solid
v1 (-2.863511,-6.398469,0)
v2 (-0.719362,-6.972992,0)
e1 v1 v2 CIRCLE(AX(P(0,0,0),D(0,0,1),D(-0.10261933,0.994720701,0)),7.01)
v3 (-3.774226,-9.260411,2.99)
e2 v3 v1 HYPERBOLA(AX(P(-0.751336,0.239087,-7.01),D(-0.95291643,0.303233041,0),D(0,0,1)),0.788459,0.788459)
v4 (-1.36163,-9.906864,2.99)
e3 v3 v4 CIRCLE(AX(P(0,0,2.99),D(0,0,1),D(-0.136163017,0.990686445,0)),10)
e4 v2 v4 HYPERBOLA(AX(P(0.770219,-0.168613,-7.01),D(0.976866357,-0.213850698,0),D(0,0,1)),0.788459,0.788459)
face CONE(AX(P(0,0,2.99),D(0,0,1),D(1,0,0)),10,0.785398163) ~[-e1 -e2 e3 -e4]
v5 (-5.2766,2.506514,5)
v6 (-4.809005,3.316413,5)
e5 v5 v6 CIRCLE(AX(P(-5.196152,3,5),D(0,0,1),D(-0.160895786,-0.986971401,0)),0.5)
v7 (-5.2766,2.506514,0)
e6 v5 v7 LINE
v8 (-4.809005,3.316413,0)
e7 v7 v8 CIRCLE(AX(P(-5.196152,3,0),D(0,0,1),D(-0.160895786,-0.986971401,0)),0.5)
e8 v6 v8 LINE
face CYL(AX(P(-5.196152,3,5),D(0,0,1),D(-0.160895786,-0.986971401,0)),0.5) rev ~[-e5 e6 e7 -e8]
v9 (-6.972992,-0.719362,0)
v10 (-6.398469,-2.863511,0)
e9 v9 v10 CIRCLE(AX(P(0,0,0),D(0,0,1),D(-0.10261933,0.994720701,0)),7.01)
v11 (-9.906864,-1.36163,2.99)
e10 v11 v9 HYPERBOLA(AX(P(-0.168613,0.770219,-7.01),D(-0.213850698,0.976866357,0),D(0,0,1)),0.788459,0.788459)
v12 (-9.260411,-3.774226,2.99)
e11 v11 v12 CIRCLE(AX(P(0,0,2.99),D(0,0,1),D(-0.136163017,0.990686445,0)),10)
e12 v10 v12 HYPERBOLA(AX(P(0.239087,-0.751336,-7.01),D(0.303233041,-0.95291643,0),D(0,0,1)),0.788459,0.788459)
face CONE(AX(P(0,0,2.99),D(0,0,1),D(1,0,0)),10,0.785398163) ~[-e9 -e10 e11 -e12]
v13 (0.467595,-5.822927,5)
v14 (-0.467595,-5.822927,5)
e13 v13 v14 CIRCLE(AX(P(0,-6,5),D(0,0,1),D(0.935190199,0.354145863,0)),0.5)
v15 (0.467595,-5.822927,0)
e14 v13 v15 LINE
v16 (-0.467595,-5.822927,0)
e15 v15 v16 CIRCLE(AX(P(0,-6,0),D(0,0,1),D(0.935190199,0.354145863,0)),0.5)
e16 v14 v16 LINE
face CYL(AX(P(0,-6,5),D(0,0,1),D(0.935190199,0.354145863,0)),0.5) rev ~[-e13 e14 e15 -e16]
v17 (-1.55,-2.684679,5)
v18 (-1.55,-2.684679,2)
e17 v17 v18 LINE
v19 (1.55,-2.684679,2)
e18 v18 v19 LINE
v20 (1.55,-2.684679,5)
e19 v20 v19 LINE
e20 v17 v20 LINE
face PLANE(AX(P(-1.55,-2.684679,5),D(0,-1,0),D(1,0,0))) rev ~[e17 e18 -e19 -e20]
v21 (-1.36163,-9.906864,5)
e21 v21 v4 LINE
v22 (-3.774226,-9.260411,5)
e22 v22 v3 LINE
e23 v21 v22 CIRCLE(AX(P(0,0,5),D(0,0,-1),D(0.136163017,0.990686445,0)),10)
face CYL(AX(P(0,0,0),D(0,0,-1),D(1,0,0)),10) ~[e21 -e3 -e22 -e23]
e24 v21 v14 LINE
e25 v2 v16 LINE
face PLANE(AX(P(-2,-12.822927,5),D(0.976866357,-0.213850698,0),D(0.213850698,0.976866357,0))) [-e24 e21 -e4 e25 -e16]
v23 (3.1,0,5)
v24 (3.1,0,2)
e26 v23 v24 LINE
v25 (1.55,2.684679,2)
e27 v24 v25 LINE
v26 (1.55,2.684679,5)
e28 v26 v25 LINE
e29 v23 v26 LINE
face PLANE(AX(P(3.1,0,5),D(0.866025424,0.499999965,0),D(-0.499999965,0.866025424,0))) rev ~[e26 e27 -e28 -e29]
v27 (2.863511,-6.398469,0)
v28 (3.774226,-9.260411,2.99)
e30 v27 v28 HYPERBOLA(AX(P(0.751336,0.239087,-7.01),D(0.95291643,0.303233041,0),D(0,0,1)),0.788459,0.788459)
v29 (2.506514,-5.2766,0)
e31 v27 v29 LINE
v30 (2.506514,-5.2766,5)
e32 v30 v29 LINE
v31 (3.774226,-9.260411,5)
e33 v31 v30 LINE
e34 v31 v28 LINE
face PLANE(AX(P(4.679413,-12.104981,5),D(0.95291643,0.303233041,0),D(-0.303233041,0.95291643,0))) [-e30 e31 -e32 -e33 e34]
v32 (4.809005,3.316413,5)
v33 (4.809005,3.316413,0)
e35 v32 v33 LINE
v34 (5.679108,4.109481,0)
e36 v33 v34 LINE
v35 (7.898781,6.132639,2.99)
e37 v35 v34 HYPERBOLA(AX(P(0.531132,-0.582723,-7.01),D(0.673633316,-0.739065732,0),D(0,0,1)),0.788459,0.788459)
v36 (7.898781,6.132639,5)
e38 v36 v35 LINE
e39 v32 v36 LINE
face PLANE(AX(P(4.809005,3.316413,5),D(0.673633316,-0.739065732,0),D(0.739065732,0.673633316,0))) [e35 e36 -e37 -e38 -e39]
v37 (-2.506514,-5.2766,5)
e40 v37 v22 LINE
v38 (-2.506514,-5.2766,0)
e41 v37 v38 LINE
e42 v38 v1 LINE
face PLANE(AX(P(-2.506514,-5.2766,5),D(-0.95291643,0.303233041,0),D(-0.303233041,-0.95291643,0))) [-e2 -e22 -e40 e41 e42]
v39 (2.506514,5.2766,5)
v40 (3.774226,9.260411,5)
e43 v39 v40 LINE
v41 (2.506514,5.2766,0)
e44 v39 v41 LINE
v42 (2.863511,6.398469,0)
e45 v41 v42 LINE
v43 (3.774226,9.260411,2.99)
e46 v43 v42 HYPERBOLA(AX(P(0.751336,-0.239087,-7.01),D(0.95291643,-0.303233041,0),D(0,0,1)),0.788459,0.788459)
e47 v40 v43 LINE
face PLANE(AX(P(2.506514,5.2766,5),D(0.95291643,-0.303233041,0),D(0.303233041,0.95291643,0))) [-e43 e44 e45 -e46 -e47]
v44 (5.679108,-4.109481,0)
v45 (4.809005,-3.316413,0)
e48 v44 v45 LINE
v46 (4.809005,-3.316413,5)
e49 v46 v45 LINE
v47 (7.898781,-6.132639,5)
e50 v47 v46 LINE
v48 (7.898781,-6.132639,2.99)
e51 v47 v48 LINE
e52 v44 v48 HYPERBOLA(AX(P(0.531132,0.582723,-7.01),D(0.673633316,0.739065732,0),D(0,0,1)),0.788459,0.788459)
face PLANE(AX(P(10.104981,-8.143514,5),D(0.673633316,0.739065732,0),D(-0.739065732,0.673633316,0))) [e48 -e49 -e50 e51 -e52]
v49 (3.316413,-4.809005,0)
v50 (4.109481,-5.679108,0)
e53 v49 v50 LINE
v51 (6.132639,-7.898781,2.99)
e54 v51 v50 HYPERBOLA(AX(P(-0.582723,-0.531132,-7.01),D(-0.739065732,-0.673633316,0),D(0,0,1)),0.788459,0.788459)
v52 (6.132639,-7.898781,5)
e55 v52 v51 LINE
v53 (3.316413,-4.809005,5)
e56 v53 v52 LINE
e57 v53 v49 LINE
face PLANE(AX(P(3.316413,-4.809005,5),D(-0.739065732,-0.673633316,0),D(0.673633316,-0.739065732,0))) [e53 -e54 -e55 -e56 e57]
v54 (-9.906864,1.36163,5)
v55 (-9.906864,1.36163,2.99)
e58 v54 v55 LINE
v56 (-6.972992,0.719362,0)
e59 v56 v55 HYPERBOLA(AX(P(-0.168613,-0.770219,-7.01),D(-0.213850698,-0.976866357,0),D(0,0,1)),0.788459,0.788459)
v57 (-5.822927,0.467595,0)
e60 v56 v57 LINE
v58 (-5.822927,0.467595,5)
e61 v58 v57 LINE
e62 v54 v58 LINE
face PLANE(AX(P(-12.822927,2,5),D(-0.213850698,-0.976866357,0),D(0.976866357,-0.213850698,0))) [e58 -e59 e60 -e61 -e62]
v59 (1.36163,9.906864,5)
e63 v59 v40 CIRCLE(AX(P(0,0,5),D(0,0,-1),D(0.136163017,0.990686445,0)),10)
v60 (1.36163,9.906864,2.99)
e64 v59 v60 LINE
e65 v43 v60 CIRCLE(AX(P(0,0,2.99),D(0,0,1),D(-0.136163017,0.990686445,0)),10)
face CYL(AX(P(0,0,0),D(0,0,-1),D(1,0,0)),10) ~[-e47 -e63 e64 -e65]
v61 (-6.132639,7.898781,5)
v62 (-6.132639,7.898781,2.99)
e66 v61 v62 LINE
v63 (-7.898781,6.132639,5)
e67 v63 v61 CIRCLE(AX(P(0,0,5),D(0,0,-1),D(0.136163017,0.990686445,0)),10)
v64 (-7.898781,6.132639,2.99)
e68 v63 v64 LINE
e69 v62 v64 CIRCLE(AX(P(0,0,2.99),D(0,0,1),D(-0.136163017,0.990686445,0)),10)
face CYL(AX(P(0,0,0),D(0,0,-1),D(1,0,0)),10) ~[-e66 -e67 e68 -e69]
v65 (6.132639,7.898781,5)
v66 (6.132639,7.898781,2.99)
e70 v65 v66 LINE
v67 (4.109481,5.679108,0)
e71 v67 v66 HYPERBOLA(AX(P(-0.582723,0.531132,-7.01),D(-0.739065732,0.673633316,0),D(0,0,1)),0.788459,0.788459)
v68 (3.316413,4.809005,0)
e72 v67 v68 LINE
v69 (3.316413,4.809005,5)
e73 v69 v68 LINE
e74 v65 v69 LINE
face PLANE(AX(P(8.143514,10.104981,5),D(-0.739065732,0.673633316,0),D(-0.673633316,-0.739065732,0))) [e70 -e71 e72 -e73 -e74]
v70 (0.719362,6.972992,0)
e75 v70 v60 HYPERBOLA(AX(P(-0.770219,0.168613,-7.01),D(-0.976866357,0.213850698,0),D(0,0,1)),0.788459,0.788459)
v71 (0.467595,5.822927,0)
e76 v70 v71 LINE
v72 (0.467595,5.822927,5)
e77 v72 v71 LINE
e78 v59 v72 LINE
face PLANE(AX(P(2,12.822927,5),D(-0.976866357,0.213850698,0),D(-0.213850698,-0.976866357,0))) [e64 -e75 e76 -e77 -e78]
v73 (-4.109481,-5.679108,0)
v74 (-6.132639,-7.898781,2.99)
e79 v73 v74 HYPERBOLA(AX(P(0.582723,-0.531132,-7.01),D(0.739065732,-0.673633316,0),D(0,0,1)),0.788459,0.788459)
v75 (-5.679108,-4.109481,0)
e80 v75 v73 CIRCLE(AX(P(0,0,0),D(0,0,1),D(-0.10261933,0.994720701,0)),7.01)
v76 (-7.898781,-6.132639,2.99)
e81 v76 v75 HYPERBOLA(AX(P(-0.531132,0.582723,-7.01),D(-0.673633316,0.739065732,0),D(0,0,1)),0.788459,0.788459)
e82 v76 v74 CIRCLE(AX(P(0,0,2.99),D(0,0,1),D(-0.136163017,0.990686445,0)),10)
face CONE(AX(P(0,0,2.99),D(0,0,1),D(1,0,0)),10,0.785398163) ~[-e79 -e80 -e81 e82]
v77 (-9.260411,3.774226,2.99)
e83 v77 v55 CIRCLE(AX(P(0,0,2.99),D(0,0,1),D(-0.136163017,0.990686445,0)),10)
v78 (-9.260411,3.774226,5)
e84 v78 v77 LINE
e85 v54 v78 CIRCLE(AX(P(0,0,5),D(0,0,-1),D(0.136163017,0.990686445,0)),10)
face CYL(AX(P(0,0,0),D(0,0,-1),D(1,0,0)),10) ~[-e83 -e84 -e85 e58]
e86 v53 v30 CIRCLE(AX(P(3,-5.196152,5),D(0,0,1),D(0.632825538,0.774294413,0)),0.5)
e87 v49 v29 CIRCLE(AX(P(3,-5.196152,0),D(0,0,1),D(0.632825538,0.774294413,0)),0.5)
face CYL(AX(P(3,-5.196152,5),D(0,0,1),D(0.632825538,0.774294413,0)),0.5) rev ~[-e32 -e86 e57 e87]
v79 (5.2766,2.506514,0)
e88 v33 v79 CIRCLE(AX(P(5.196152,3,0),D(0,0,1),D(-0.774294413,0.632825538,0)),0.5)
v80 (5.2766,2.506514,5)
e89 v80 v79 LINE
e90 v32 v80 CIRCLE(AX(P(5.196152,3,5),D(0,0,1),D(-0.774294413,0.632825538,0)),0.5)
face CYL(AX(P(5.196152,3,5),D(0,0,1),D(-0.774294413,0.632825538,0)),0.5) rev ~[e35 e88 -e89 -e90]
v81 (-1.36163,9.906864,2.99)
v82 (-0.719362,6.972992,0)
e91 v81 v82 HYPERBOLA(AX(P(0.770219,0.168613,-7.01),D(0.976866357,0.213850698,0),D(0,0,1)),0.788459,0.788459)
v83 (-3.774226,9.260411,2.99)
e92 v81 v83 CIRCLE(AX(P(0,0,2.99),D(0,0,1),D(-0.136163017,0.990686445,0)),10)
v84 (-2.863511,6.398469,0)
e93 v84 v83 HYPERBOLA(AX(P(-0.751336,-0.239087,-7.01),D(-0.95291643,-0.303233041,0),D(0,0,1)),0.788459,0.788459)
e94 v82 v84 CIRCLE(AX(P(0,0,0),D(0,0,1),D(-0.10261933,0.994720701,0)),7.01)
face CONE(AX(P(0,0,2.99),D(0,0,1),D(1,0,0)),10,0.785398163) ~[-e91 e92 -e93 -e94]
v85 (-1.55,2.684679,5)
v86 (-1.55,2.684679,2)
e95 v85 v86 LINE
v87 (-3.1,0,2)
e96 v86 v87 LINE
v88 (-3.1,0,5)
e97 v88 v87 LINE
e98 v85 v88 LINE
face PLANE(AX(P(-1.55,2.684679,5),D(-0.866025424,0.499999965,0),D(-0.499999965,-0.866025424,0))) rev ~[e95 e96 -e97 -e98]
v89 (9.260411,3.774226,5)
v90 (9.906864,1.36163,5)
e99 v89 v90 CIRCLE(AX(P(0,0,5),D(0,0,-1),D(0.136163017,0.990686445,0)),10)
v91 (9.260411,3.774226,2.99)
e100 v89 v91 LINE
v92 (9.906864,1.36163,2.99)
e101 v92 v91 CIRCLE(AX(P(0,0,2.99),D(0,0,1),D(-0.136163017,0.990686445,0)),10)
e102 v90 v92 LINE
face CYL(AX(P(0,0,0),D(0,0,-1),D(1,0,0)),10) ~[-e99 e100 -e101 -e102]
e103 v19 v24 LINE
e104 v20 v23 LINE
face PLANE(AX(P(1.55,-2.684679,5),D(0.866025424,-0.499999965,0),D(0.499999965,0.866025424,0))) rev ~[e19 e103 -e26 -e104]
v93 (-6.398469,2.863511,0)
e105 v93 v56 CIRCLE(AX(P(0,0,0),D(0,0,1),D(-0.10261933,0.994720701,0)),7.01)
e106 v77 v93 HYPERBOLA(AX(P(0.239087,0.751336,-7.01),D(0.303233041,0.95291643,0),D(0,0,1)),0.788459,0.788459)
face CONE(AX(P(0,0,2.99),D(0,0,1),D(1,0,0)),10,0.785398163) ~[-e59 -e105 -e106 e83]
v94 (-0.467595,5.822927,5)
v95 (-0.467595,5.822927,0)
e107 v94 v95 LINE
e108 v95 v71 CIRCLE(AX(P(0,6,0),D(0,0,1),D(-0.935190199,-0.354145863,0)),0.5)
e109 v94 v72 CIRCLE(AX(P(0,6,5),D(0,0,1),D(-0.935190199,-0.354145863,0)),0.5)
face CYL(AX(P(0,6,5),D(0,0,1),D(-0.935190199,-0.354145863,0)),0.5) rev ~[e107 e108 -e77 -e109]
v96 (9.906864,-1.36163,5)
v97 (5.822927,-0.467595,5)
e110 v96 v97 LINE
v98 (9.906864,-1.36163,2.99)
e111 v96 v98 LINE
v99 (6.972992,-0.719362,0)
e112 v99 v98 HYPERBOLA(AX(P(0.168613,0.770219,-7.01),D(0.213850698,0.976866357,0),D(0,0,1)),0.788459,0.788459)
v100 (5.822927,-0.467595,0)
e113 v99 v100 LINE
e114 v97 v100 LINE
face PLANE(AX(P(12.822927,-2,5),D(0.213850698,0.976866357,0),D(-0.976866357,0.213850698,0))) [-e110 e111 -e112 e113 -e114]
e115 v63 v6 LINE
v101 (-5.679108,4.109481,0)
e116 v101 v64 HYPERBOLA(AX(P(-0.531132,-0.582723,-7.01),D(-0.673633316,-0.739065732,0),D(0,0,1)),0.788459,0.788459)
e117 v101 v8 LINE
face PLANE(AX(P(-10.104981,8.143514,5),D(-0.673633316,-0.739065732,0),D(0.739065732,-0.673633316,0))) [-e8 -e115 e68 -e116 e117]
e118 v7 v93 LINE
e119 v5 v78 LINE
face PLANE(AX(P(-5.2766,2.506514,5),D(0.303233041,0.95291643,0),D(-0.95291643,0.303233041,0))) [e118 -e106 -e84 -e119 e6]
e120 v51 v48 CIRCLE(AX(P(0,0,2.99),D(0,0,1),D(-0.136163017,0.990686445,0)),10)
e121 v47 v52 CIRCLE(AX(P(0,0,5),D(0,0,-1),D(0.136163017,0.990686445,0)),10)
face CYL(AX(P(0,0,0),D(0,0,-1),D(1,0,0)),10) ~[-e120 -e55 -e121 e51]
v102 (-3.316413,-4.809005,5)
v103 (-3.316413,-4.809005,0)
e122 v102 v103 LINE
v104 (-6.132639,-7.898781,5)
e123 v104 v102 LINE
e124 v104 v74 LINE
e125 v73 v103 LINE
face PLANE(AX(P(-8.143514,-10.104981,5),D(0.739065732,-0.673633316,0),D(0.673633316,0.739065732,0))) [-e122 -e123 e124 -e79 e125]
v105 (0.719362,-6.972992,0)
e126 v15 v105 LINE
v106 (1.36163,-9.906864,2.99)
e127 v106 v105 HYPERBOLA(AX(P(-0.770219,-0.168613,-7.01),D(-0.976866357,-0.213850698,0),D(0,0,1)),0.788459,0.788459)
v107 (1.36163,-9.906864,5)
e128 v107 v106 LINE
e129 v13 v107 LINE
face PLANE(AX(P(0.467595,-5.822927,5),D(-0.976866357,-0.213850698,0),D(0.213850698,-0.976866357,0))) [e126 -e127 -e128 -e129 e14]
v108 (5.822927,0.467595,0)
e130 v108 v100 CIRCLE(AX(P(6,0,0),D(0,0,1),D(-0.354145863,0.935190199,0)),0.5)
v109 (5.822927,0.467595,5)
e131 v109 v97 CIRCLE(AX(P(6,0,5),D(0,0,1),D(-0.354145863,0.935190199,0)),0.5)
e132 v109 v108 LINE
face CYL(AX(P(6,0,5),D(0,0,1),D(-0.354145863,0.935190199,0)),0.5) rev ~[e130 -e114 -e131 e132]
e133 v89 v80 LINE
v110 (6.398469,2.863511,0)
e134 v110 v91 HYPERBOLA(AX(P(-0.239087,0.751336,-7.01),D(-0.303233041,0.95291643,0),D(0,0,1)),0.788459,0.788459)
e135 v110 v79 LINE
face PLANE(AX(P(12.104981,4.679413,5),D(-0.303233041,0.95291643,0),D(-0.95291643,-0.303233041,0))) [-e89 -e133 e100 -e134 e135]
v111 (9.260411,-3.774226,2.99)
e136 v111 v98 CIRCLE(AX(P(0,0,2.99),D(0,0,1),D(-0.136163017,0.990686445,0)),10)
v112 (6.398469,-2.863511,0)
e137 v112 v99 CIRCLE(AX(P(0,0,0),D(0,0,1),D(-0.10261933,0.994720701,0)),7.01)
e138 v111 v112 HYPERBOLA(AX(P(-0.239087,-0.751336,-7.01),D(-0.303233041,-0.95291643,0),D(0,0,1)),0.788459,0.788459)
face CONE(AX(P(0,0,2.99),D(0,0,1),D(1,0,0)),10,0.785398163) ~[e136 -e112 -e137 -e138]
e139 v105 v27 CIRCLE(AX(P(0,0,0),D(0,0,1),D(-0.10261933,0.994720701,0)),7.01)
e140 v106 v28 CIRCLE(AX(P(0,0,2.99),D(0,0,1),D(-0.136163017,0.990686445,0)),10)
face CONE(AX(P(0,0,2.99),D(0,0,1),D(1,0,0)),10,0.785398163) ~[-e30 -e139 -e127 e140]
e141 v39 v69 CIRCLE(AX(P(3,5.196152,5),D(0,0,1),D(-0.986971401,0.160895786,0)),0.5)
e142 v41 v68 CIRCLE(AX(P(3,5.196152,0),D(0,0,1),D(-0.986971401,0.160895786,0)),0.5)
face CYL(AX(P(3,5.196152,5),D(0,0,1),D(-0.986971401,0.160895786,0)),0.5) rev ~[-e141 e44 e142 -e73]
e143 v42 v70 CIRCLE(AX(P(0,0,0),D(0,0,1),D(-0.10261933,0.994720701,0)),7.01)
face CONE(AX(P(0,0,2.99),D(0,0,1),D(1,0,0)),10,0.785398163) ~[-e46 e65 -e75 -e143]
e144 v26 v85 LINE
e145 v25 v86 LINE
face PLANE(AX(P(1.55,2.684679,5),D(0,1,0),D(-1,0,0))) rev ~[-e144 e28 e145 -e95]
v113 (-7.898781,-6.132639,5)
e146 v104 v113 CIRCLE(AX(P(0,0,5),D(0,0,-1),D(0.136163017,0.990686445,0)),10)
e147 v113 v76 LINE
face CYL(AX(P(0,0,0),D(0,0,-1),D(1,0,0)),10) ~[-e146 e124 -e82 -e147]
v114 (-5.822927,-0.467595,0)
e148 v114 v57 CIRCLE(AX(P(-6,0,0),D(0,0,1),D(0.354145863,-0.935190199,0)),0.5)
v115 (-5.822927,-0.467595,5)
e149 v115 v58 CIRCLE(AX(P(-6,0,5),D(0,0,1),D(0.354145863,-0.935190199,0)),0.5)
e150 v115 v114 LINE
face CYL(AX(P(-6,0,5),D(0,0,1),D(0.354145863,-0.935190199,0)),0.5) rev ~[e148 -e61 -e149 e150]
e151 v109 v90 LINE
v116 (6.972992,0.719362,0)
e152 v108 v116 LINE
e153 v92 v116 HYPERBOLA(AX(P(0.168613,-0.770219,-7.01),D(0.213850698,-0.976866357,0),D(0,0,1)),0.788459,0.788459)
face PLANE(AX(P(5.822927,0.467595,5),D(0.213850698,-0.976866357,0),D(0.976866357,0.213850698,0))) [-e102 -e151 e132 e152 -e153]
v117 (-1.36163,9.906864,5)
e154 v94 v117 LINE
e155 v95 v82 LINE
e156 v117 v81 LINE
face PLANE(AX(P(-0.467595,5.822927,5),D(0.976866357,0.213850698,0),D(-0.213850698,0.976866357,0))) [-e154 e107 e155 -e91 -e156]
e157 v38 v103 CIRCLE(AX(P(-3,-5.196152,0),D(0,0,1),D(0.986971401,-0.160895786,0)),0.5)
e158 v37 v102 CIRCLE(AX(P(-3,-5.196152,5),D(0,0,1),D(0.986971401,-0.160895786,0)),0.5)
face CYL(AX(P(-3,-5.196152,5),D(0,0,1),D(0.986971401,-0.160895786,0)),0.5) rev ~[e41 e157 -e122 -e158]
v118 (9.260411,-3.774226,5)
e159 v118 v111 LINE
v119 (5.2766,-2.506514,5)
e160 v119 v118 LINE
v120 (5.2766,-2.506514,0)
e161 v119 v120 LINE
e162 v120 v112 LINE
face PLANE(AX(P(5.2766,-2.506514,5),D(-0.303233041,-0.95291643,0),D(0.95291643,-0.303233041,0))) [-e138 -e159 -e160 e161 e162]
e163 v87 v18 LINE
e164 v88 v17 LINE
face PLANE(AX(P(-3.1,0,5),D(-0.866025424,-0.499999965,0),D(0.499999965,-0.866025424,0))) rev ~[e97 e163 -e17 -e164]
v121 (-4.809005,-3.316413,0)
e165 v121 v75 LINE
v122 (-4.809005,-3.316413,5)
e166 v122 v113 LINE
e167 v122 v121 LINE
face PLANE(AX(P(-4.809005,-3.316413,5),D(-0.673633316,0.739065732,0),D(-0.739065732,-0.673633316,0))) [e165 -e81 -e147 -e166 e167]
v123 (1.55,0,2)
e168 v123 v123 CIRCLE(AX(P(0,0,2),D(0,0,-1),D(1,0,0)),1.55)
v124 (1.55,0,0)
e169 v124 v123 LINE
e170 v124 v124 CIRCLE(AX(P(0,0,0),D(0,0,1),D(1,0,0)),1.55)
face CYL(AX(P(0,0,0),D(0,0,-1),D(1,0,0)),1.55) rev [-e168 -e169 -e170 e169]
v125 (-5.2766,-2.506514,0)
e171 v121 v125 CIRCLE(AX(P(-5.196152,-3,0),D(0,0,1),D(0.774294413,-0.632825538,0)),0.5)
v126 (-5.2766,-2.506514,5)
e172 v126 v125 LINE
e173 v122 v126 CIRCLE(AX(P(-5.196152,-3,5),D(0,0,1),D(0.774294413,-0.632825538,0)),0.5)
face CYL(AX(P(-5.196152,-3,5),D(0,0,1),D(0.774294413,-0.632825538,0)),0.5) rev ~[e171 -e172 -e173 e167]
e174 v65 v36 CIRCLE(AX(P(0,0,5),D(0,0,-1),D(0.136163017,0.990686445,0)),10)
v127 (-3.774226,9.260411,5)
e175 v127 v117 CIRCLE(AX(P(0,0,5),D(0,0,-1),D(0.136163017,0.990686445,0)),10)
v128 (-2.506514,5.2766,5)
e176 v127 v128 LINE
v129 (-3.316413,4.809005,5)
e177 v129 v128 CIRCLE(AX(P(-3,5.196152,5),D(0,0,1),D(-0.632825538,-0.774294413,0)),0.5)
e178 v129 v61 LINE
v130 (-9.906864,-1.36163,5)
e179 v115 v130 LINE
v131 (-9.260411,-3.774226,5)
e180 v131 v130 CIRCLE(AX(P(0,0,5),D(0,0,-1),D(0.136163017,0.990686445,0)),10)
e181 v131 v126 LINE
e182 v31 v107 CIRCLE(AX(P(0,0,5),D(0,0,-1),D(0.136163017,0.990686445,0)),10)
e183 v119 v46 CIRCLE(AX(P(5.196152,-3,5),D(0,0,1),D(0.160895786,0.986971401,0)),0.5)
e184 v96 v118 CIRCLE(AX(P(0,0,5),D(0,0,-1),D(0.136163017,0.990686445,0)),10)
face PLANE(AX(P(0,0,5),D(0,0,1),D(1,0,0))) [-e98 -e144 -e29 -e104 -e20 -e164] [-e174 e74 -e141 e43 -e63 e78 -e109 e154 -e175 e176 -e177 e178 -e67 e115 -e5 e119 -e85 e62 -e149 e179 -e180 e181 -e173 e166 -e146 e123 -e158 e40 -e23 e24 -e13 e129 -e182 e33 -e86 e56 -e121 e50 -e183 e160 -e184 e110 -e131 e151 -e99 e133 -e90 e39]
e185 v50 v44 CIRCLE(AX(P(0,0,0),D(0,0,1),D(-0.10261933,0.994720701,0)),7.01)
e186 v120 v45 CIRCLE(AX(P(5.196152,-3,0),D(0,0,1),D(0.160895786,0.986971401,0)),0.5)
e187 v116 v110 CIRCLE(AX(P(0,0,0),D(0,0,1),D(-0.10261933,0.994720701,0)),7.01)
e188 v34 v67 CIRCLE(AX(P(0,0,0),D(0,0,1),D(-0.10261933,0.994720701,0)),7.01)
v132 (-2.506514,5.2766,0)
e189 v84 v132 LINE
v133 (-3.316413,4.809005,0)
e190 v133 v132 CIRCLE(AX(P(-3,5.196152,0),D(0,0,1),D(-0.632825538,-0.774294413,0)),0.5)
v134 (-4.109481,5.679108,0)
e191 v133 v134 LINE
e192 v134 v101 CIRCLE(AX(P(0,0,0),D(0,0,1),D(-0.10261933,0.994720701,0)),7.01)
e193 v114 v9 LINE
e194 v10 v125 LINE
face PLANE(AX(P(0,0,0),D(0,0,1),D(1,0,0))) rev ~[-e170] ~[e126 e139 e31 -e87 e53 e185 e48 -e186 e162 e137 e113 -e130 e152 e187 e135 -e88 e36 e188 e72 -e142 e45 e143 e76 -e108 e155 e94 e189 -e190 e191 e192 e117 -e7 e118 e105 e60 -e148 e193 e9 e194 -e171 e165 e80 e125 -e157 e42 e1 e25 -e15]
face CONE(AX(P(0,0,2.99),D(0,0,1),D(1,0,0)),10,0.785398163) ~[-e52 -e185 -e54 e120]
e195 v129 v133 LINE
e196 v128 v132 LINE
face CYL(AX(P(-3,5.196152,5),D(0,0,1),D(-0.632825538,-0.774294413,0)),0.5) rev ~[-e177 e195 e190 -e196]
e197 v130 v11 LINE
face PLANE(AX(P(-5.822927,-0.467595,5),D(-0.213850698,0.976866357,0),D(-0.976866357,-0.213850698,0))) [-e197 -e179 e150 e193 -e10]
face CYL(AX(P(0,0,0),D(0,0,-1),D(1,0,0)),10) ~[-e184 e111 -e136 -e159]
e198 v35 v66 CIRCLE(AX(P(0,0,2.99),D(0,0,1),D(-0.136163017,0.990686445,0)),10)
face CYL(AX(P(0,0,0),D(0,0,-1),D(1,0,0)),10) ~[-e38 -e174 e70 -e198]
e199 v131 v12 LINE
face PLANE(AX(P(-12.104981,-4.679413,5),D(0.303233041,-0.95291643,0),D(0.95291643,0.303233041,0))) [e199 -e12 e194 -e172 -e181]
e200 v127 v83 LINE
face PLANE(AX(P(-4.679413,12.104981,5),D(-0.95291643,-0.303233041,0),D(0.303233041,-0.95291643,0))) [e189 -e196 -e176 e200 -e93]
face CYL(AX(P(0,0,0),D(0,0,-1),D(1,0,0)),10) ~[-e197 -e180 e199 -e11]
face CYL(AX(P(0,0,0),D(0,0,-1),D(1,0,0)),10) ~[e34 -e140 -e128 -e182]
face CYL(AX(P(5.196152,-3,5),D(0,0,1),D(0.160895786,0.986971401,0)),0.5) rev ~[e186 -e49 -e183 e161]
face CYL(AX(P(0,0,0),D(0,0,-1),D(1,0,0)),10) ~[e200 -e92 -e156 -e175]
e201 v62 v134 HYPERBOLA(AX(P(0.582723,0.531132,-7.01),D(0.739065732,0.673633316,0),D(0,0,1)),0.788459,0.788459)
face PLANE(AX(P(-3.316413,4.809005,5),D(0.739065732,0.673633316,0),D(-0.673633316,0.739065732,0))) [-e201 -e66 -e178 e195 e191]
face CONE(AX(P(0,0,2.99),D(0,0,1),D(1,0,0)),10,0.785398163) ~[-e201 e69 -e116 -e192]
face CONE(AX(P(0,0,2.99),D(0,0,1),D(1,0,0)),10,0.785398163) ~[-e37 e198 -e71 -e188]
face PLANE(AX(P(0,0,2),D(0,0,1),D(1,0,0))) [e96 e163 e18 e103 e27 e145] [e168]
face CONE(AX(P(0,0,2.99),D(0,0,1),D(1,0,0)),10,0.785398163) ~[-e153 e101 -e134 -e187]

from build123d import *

# Parameters (mm, degrees)
SKETCH_R           = 10
SKETCH_R_2         = 1.55
PAD_DEPTH          = 5
POCKET_DEPTH       = 3
CHAMFER_SIZE       = 2.99
POCKET001_DEPTH    = 7
POLARPATTERN_COUNT = 12


with BuildPart() as part:
    # Sketch → Pad (new body)
    with BuildSketch(Plane.XY):
        Circle(SKETCH_R)
        Circle(SKETCH_R_2, mode=Mode.SUBTRACT)
    extrude(amount=PAD_DEPTH)

    # Sketch001 (on Face4 of Pad) → Pocket (cut)
    with BuildSketch(Plane.XY.offset(5)):
        Polygon((-1.55, -2.684679), (1.55, -2.684679), (3.1, 0), (1.55, 2.684679), (-1.55, 2.684679), (-3.1, 0), align=None)
    extrude(amount=-POCKET_DEPTH, mode=Mode.SUBTRACT)

    # Chamfer
    chamfer_edges = [part.edges().sort_by_distance(p)[0] for p in [
        (-10, 0, 0),
    ]]
    chamfer(chamfer_edges, length=CHAMFER_SIZE)

    # Sketch002 (on Face3 of Pocket) → Pocket001 (cut)
    with BuildSketch(Plane.XY.offset(5)):
        with BuildLine():
            ThreePointArc((-0.467595, 5.822927), (0, 5.5), (0.467595, 5.822927))
            Line((2, 12.822927), (0.467595, 5.822927))
            Line((-2, 12.822927), (2, 12.822927))
            Line((-0.467595, 5.822927), (-2, 12.822927))
        make_face()
    pocket001 = extrude(amount=-POCKET001_DEPTH, mode=Mode.SUBTRACT)

    # PolarPattern: Pocket001 ×12 about axis
    polarpattern_axis = Axis((0, 0, 5), (0, 0, 1))
    for i in range(1, POLARPATTERN_COUNT):
        add(pocket001.rotate(polarpattern_axis, i * 360 / POLARPATTERN_COUNT), mode=Mode.SUBTRACT)


solid = part.part
